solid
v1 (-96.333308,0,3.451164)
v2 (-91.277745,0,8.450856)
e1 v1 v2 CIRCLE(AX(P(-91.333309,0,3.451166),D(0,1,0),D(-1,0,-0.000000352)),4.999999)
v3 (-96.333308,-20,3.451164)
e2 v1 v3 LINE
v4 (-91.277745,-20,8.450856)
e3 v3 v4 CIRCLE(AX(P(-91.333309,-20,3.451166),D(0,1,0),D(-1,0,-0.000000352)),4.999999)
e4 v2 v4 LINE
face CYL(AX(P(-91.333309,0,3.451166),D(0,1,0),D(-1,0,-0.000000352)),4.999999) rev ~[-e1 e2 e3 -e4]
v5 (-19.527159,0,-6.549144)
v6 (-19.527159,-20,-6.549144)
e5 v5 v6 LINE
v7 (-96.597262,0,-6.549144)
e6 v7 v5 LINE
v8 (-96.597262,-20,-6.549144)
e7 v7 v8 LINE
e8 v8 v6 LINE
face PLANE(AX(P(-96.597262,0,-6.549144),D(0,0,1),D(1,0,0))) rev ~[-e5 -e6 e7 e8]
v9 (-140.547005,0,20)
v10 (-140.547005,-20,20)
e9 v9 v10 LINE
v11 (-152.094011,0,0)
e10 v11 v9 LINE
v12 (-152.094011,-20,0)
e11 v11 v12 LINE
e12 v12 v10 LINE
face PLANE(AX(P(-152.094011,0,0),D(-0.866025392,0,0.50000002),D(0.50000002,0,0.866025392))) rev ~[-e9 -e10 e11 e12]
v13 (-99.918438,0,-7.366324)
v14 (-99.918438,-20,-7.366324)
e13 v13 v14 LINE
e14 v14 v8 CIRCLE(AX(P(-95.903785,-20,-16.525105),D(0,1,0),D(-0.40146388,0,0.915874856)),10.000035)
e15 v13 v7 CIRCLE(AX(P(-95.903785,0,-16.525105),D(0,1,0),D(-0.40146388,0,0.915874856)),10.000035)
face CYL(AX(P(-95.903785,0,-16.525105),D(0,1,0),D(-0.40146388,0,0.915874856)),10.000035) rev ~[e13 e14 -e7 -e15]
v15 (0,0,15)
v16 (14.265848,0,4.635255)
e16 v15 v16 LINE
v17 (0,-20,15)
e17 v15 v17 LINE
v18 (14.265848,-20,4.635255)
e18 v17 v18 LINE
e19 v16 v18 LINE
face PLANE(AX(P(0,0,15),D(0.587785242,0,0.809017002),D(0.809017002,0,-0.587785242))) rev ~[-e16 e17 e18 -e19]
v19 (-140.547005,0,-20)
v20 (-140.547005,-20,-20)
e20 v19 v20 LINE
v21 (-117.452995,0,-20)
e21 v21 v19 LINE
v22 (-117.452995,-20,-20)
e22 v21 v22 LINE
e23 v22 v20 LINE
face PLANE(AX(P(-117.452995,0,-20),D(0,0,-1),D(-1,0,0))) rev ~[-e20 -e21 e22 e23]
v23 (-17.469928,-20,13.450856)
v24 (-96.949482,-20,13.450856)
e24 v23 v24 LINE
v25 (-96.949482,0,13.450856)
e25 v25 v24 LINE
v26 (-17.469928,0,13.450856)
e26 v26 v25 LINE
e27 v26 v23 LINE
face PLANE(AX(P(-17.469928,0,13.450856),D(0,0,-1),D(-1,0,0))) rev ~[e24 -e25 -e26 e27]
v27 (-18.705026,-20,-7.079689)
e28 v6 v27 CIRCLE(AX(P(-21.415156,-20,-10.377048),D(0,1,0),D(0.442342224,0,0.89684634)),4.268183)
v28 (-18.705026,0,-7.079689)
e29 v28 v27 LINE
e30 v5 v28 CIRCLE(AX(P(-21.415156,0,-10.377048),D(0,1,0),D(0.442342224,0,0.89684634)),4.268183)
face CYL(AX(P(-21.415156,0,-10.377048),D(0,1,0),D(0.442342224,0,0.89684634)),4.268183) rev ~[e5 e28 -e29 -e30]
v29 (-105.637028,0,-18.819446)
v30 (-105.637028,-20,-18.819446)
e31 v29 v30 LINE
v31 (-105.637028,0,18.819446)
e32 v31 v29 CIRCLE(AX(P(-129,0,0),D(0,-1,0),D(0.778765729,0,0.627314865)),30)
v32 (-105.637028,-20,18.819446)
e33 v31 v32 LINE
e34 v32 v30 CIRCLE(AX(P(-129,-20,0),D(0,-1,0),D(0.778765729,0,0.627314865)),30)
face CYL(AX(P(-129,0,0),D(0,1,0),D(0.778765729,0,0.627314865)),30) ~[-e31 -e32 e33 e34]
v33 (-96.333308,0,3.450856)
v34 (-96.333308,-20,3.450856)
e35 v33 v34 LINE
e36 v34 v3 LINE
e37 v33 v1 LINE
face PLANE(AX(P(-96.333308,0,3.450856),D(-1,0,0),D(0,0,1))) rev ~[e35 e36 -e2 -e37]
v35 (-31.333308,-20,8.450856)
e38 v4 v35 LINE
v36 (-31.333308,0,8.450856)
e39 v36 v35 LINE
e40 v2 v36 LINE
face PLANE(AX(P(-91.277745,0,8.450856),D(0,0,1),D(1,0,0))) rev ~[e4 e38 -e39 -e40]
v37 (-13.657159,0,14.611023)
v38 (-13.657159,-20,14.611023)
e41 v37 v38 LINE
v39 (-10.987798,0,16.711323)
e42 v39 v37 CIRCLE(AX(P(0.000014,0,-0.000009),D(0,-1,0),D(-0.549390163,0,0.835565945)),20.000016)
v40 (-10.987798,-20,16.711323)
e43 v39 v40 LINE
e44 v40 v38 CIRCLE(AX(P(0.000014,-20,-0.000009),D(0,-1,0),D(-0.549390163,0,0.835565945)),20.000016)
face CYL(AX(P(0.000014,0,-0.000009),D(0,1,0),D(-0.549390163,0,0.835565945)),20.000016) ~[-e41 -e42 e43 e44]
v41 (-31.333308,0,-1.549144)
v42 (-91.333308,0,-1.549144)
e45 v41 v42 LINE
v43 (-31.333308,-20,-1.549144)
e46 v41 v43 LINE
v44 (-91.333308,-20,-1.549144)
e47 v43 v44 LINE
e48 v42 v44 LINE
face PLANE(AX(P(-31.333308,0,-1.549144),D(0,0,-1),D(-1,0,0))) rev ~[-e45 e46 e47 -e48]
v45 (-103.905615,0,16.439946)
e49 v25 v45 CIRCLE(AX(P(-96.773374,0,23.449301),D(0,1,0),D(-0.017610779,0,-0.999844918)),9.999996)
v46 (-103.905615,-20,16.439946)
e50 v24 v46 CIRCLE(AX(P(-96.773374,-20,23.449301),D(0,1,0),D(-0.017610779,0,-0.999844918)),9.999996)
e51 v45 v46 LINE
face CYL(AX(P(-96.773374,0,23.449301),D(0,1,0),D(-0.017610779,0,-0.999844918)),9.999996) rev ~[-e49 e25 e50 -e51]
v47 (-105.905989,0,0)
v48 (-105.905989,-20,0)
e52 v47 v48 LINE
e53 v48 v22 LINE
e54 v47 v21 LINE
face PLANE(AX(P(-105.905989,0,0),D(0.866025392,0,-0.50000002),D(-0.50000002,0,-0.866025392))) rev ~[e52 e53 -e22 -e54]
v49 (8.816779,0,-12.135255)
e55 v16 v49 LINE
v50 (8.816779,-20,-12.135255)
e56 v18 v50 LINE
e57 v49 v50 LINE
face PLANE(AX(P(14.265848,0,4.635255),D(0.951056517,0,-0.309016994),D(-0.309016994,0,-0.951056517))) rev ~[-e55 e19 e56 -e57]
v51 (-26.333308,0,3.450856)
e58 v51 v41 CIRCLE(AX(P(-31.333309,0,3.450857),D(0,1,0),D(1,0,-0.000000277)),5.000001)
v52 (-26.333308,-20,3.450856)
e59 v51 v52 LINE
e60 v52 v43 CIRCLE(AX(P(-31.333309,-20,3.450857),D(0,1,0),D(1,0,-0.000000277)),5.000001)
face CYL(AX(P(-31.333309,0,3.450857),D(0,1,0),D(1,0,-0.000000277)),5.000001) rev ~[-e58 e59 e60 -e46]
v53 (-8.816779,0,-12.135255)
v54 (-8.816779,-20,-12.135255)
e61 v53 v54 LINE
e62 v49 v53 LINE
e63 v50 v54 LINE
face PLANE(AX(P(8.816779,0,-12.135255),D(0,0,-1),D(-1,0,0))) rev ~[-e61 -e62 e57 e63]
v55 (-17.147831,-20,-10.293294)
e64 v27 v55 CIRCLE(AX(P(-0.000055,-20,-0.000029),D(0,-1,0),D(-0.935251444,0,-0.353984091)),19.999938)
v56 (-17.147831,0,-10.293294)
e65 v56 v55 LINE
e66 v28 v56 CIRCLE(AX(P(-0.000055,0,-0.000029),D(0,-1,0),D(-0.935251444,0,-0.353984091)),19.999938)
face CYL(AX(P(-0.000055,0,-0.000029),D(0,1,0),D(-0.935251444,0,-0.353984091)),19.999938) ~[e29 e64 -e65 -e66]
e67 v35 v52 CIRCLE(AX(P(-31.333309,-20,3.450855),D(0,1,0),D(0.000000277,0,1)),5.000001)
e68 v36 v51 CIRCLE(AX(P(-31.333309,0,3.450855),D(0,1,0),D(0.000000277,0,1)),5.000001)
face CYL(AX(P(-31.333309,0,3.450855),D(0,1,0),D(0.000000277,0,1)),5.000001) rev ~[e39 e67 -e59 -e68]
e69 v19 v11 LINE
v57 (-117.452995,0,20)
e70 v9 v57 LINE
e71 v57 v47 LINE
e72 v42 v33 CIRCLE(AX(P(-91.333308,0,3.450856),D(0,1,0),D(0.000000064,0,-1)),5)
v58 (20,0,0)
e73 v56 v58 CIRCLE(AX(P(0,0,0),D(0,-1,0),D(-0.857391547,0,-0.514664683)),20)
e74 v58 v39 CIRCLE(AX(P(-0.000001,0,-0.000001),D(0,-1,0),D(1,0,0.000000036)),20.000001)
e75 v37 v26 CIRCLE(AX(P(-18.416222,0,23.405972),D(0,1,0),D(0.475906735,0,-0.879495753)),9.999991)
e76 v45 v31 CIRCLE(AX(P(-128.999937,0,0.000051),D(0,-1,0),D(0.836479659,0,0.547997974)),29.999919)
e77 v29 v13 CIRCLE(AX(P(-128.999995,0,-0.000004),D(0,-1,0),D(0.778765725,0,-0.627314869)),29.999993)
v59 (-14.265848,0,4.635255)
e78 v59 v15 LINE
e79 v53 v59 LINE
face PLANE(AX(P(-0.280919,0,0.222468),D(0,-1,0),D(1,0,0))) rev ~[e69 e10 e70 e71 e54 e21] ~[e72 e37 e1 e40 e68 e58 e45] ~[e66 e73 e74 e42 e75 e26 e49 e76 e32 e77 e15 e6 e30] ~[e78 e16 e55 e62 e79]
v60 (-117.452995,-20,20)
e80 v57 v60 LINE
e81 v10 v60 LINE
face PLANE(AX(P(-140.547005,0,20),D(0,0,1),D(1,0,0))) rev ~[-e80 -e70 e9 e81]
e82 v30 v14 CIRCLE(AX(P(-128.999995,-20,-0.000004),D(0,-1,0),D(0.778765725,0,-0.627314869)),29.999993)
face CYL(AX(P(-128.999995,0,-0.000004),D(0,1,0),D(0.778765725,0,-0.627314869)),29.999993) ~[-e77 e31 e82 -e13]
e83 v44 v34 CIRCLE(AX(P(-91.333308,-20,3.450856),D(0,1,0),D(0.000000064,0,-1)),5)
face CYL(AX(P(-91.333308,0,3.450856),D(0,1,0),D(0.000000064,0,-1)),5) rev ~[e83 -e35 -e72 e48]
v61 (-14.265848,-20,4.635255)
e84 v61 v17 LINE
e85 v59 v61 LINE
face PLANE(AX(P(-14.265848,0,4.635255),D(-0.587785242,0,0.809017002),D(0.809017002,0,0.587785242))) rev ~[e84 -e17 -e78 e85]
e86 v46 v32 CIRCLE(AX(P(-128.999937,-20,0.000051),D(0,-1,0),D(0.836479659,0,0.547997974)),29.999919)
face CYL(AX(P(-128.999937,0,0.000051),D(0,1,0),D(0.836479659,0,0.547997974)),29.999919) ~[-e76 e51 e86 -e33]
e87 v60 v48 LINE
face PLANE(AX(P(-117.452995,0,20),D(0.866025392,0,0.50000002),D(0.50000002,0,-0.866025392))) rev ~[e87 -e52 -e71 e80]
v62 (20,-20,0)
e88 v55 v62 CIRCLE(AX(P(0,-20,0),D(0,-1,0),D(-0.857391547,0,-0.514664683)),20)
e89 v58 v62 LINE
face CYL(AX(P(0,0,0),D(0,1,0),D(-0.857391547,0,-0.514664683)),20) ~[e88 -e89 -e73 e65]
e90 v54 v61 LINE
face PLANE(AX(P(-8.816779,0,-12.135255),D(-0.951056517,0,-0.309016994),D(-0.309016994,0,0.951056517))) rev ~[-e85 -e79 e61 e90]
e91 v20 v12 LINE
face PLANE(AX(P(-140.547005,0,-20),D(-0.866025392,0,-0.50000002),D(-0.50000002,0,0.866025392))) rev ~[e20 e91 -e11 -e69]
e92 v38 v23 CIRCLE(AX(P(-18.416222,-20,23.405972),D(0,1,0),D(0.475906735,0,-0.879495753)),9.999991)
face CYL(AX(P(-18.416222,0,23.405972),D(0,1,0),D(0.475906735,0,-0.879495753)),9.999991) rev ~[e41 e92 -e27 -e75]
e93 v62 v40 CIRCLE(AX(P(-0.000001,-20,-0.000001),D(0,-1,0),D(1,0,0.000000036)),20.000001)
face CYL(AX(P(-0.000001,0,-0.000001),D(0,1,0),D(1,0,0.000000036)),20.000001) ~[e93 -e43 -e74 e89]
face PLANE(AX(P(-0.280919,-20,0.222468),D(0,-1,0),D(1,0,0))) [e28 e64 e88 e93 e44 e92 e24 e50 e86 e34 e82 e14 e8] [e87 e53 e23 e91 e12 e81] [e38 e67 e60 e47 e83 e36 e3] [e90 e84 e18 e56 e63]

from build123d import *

# Parameters (mm, degrees)
F1_DEPTH = 20


with BuildPart() as f1:
    # F0 (on Front) → F1 (new body)
    with BuildSketch(Plane.XZ):
        with BuildLine():
            ThreePointArc((-17.147831, -10.293294), (5.34057, -19.273773), (20, 0))
            ThreePointArc((20, 0), (9.493262, 17.603351), (-10.987798, 16.711323))
            ThreePointArc((-10.987798, 16.711323), (-12.232653, 15.54701), (-13.657159, 14.611023))
            ThreePointArc((-13.657159, 14.611023), (-14.240981, 14.042594), (-14.801165, 13.450856))
            ThreePointArc((-14.801165, 13.450856), (-19.593289, 4.012858), (-18.89732, -6.549144))
            ThreePointArc((-18.89732, -6.549144), (-18.803044, -6.815095), (-18.705026, -7.079689))
            ThreePointArc((-18.705026, -7.079689), (-17.574185, -8.515807), (-17.147831, -10.293294))
        make_face()
        Polygon((0, 15), (14.265848, 4.635255), (8.816779, -12.135255), (-8.816779, -12.135255), (-14.265848, 4.635255), align=None, mode=Mode.SUBTRACT)
        with BuildLine():
            ThreePointArc((-13.657159, 14.611023), (-12.232653, 15.54701), (-10.987798, 16.711323))
            ThreePointArc((-10.987798, 16.711323), (-12.367146, 15.717942), (-13.657159, 14.611023))
        make_face()
        with BuildLine():
            ThreePointArc((-18.705026, -7.079689), (-17.998296, -8.721316), (-17.147831, -10.293294))
            ThreePointArc((-17.147831, -10.293294), (-17.574185, -8.515807), (-18.705026, -7.079689))
        make_face()
        with BuildLine():
            ThreePointArc((-14.801165, 13.450856), (-14.240981, 14.042594), (-13.657159, 14.611023))
            ThreePointArc((-13.657159, 14.611023), (-15.505162, 13.839074), (-17.469928, 13.450856))
            Line((-17.469928, 13.450856), (-14.801165, 13.450856))
        make_face()
        with BuildLine():
            ThreePointArc((-19.527159, -6.549144), (-19.100839, -6.79078), (-18.705026, -7.079689))
            ThreePointArc((-18.705026, -7.079689), (-18.803044, -6.815095), (-18.89732, -6.549144))
            Line((-18.89732, -6.549144), (-19.527159, -6.549144))
        make_face()
        with BuildLine():
            ThreePointArc((-18.89732, -6.549144), (-19.593289, 4.012858), (-14.801165, 13.450856))
            Line((-14.801165, 13.450856), (-17.469928, 13.450856))
            ThreePointArc((-17.469928, 13.450856), (-18.416226, 13.405981), (-19.362524, 13.450856))
            Line((-19.362524, 13.450856), (-96.597262, 13.450856))
            ThreePointArc((-96.597262, 13.450856), (-96.773372, 13.449305), (-96.949482, 13.450856))
            Line((-96.949482, 13.450856), (-102.184436, 13.450856))
            ThreePointArc((-102.184436, 13.450856), (-99.806962, 6.911334), (-99, 0))
            ThreePointArc((-99, 0), (-99.181444, -3.294498), (-99.723581, -6.549144))
            Line((-99.723581, -6.549144), (-96.597262, -6.549144))
            Line((-96.597262, -6.549144), (-23.303071, -6.549144))
            ThreePointArc((-23.303071, -6.549144), (-21.415115, -6.108877), (-19.527159, -6.549144))
            Line((-19.527159, -6.549144), (-18.89732, -6.549144))
        make_face()
        with BuildLine():
            Line((-96.333308, 3.450856), (-96.333308, 3.451164))
            ThreePointArc((-96.333308, 3.451164), (-94.849143, 7.006289), (-91.277745, 8.450856))
            Line((-91.277745, 8.450856), (-31.333308, 8.450856))
            ThreePointArc((-31.333308, 8.450856), (-27.797775, 6.98639), (-26.333308, 3.450856))
            ThreePointArc((-26.333308, 3.450856), (-27.797775, -0.084678), (-31.333308, -1.549144))
            Line((-31.333308, -1.549144), (-91.333308, -1.549144))
            ThreePointArc((-91.333308, -1.549144), (-94.868842, -0.084678), (-96.333308, 3.450856))
        make_face(mode=Mode.SUBTRACT)
        with BuildLine():
            ThreePointArc((-19.362524, 13.450856), (-18.416226, 13.405981), (-17.469928, 13.450856))
            Line((-17.469928, 13.450856), (-19.362524, 13.450856))
        make_face()
        with BuildLine():
            Line((-23.303071, -6.549144), (-19.527159, -6.549144))
            ThreePointArc((-19.527159, -6.549144), (-21.415115, -6.108877), (-23.303071, -6.549144))
        make_face()
        with BuildLine():
            ThreePointArc((-96.949482, 13.450856), (-96.773372, 13.449305), (-96.597262, 13.450856))
            Line((-96.597262, 13.450856), (-96.949482, 13.450856))
        make_face()
        with BuildLine():
            ThreePointArc((-99.918438, -7.366324), (-98.293046, -6.814691), (-96.597262, -6.549144))
            Line((-96.597262, -6.549144), (-99.723581, -6.549144))
            ThreePointArc((-99.723581, -6.549144), (-99.818149, -6.958416), (-99.918438, -7.366324))
        make_face()
        with BuildLine():
            Line((-102.184436, 13.450856), (-96.949482, 13.450856))
            ThreePointArc((-96.949482, 13.450856), (-100.721368, 14.261632), (-103.905615, 16.439946))
            ThreePointArc((-103.905615, 16.439946), (-103.002031, 14.970158), (-102.184436, 13.450856))
        make_face()
        with BuildLine():
            ThreePointArc((-99.918438, -7.366324), (-99.818149, -6.958416), (-99.723581, -6.549144))
            ThreePointArc((-99.723581, -6.549144), (-99.181444, -3.294498), (-99, 0))
            ThreePointArc((-99, 0), (-99.806962, 6.911334), (-102.184436, 13.450856))
            ThreePointArc((-102.184436, 13.450856), (-103.002031, 14.970158), (-103.905615, 16.439946))
            ThreePointArc((-103.905615, 16.439946), (-104.859329, 17.565659), (-105.637028, 18.819446))
            ThreePointArc((-105.637028, 18.819446), (-159, 0), (-105.637028, -18.819446))
            ThreePointArc((-105.637028, -18.819446), (-104.850555, -12.057916), (-99.918438, -7.366324))
        make_face()
        Polygon((-117.452995, 20), (-105.905989, 0), (-117.452995, -20), (-140.547005, -20), (-152.094011, 0), (-140.547005, 20), align=None, mode=Mode.SUBTRACT)
        with BuildLine():
            ThreePointArc((-105.637028, -18.819446), (-102.159717, -13.401463), (-99.918438, -7.366324))
            ThreePointArc((-99.918438, -7.366324), (-104.850555, -12.057916), (-105.637028, -18.819446))
        make_face()
        with BuildLine():
            ThreePointArc((-105.637028, 18.819446), (-104.859329, 17.565659), (-103.905615, 16.439946))
            ThreePointArc((-103.905615, 16.439946), (-104.742128, 17.650939), (-105.637028, 18.819446))
        make_face()
    extrude(amount=F1_DEPTH)


solid = f1.part
